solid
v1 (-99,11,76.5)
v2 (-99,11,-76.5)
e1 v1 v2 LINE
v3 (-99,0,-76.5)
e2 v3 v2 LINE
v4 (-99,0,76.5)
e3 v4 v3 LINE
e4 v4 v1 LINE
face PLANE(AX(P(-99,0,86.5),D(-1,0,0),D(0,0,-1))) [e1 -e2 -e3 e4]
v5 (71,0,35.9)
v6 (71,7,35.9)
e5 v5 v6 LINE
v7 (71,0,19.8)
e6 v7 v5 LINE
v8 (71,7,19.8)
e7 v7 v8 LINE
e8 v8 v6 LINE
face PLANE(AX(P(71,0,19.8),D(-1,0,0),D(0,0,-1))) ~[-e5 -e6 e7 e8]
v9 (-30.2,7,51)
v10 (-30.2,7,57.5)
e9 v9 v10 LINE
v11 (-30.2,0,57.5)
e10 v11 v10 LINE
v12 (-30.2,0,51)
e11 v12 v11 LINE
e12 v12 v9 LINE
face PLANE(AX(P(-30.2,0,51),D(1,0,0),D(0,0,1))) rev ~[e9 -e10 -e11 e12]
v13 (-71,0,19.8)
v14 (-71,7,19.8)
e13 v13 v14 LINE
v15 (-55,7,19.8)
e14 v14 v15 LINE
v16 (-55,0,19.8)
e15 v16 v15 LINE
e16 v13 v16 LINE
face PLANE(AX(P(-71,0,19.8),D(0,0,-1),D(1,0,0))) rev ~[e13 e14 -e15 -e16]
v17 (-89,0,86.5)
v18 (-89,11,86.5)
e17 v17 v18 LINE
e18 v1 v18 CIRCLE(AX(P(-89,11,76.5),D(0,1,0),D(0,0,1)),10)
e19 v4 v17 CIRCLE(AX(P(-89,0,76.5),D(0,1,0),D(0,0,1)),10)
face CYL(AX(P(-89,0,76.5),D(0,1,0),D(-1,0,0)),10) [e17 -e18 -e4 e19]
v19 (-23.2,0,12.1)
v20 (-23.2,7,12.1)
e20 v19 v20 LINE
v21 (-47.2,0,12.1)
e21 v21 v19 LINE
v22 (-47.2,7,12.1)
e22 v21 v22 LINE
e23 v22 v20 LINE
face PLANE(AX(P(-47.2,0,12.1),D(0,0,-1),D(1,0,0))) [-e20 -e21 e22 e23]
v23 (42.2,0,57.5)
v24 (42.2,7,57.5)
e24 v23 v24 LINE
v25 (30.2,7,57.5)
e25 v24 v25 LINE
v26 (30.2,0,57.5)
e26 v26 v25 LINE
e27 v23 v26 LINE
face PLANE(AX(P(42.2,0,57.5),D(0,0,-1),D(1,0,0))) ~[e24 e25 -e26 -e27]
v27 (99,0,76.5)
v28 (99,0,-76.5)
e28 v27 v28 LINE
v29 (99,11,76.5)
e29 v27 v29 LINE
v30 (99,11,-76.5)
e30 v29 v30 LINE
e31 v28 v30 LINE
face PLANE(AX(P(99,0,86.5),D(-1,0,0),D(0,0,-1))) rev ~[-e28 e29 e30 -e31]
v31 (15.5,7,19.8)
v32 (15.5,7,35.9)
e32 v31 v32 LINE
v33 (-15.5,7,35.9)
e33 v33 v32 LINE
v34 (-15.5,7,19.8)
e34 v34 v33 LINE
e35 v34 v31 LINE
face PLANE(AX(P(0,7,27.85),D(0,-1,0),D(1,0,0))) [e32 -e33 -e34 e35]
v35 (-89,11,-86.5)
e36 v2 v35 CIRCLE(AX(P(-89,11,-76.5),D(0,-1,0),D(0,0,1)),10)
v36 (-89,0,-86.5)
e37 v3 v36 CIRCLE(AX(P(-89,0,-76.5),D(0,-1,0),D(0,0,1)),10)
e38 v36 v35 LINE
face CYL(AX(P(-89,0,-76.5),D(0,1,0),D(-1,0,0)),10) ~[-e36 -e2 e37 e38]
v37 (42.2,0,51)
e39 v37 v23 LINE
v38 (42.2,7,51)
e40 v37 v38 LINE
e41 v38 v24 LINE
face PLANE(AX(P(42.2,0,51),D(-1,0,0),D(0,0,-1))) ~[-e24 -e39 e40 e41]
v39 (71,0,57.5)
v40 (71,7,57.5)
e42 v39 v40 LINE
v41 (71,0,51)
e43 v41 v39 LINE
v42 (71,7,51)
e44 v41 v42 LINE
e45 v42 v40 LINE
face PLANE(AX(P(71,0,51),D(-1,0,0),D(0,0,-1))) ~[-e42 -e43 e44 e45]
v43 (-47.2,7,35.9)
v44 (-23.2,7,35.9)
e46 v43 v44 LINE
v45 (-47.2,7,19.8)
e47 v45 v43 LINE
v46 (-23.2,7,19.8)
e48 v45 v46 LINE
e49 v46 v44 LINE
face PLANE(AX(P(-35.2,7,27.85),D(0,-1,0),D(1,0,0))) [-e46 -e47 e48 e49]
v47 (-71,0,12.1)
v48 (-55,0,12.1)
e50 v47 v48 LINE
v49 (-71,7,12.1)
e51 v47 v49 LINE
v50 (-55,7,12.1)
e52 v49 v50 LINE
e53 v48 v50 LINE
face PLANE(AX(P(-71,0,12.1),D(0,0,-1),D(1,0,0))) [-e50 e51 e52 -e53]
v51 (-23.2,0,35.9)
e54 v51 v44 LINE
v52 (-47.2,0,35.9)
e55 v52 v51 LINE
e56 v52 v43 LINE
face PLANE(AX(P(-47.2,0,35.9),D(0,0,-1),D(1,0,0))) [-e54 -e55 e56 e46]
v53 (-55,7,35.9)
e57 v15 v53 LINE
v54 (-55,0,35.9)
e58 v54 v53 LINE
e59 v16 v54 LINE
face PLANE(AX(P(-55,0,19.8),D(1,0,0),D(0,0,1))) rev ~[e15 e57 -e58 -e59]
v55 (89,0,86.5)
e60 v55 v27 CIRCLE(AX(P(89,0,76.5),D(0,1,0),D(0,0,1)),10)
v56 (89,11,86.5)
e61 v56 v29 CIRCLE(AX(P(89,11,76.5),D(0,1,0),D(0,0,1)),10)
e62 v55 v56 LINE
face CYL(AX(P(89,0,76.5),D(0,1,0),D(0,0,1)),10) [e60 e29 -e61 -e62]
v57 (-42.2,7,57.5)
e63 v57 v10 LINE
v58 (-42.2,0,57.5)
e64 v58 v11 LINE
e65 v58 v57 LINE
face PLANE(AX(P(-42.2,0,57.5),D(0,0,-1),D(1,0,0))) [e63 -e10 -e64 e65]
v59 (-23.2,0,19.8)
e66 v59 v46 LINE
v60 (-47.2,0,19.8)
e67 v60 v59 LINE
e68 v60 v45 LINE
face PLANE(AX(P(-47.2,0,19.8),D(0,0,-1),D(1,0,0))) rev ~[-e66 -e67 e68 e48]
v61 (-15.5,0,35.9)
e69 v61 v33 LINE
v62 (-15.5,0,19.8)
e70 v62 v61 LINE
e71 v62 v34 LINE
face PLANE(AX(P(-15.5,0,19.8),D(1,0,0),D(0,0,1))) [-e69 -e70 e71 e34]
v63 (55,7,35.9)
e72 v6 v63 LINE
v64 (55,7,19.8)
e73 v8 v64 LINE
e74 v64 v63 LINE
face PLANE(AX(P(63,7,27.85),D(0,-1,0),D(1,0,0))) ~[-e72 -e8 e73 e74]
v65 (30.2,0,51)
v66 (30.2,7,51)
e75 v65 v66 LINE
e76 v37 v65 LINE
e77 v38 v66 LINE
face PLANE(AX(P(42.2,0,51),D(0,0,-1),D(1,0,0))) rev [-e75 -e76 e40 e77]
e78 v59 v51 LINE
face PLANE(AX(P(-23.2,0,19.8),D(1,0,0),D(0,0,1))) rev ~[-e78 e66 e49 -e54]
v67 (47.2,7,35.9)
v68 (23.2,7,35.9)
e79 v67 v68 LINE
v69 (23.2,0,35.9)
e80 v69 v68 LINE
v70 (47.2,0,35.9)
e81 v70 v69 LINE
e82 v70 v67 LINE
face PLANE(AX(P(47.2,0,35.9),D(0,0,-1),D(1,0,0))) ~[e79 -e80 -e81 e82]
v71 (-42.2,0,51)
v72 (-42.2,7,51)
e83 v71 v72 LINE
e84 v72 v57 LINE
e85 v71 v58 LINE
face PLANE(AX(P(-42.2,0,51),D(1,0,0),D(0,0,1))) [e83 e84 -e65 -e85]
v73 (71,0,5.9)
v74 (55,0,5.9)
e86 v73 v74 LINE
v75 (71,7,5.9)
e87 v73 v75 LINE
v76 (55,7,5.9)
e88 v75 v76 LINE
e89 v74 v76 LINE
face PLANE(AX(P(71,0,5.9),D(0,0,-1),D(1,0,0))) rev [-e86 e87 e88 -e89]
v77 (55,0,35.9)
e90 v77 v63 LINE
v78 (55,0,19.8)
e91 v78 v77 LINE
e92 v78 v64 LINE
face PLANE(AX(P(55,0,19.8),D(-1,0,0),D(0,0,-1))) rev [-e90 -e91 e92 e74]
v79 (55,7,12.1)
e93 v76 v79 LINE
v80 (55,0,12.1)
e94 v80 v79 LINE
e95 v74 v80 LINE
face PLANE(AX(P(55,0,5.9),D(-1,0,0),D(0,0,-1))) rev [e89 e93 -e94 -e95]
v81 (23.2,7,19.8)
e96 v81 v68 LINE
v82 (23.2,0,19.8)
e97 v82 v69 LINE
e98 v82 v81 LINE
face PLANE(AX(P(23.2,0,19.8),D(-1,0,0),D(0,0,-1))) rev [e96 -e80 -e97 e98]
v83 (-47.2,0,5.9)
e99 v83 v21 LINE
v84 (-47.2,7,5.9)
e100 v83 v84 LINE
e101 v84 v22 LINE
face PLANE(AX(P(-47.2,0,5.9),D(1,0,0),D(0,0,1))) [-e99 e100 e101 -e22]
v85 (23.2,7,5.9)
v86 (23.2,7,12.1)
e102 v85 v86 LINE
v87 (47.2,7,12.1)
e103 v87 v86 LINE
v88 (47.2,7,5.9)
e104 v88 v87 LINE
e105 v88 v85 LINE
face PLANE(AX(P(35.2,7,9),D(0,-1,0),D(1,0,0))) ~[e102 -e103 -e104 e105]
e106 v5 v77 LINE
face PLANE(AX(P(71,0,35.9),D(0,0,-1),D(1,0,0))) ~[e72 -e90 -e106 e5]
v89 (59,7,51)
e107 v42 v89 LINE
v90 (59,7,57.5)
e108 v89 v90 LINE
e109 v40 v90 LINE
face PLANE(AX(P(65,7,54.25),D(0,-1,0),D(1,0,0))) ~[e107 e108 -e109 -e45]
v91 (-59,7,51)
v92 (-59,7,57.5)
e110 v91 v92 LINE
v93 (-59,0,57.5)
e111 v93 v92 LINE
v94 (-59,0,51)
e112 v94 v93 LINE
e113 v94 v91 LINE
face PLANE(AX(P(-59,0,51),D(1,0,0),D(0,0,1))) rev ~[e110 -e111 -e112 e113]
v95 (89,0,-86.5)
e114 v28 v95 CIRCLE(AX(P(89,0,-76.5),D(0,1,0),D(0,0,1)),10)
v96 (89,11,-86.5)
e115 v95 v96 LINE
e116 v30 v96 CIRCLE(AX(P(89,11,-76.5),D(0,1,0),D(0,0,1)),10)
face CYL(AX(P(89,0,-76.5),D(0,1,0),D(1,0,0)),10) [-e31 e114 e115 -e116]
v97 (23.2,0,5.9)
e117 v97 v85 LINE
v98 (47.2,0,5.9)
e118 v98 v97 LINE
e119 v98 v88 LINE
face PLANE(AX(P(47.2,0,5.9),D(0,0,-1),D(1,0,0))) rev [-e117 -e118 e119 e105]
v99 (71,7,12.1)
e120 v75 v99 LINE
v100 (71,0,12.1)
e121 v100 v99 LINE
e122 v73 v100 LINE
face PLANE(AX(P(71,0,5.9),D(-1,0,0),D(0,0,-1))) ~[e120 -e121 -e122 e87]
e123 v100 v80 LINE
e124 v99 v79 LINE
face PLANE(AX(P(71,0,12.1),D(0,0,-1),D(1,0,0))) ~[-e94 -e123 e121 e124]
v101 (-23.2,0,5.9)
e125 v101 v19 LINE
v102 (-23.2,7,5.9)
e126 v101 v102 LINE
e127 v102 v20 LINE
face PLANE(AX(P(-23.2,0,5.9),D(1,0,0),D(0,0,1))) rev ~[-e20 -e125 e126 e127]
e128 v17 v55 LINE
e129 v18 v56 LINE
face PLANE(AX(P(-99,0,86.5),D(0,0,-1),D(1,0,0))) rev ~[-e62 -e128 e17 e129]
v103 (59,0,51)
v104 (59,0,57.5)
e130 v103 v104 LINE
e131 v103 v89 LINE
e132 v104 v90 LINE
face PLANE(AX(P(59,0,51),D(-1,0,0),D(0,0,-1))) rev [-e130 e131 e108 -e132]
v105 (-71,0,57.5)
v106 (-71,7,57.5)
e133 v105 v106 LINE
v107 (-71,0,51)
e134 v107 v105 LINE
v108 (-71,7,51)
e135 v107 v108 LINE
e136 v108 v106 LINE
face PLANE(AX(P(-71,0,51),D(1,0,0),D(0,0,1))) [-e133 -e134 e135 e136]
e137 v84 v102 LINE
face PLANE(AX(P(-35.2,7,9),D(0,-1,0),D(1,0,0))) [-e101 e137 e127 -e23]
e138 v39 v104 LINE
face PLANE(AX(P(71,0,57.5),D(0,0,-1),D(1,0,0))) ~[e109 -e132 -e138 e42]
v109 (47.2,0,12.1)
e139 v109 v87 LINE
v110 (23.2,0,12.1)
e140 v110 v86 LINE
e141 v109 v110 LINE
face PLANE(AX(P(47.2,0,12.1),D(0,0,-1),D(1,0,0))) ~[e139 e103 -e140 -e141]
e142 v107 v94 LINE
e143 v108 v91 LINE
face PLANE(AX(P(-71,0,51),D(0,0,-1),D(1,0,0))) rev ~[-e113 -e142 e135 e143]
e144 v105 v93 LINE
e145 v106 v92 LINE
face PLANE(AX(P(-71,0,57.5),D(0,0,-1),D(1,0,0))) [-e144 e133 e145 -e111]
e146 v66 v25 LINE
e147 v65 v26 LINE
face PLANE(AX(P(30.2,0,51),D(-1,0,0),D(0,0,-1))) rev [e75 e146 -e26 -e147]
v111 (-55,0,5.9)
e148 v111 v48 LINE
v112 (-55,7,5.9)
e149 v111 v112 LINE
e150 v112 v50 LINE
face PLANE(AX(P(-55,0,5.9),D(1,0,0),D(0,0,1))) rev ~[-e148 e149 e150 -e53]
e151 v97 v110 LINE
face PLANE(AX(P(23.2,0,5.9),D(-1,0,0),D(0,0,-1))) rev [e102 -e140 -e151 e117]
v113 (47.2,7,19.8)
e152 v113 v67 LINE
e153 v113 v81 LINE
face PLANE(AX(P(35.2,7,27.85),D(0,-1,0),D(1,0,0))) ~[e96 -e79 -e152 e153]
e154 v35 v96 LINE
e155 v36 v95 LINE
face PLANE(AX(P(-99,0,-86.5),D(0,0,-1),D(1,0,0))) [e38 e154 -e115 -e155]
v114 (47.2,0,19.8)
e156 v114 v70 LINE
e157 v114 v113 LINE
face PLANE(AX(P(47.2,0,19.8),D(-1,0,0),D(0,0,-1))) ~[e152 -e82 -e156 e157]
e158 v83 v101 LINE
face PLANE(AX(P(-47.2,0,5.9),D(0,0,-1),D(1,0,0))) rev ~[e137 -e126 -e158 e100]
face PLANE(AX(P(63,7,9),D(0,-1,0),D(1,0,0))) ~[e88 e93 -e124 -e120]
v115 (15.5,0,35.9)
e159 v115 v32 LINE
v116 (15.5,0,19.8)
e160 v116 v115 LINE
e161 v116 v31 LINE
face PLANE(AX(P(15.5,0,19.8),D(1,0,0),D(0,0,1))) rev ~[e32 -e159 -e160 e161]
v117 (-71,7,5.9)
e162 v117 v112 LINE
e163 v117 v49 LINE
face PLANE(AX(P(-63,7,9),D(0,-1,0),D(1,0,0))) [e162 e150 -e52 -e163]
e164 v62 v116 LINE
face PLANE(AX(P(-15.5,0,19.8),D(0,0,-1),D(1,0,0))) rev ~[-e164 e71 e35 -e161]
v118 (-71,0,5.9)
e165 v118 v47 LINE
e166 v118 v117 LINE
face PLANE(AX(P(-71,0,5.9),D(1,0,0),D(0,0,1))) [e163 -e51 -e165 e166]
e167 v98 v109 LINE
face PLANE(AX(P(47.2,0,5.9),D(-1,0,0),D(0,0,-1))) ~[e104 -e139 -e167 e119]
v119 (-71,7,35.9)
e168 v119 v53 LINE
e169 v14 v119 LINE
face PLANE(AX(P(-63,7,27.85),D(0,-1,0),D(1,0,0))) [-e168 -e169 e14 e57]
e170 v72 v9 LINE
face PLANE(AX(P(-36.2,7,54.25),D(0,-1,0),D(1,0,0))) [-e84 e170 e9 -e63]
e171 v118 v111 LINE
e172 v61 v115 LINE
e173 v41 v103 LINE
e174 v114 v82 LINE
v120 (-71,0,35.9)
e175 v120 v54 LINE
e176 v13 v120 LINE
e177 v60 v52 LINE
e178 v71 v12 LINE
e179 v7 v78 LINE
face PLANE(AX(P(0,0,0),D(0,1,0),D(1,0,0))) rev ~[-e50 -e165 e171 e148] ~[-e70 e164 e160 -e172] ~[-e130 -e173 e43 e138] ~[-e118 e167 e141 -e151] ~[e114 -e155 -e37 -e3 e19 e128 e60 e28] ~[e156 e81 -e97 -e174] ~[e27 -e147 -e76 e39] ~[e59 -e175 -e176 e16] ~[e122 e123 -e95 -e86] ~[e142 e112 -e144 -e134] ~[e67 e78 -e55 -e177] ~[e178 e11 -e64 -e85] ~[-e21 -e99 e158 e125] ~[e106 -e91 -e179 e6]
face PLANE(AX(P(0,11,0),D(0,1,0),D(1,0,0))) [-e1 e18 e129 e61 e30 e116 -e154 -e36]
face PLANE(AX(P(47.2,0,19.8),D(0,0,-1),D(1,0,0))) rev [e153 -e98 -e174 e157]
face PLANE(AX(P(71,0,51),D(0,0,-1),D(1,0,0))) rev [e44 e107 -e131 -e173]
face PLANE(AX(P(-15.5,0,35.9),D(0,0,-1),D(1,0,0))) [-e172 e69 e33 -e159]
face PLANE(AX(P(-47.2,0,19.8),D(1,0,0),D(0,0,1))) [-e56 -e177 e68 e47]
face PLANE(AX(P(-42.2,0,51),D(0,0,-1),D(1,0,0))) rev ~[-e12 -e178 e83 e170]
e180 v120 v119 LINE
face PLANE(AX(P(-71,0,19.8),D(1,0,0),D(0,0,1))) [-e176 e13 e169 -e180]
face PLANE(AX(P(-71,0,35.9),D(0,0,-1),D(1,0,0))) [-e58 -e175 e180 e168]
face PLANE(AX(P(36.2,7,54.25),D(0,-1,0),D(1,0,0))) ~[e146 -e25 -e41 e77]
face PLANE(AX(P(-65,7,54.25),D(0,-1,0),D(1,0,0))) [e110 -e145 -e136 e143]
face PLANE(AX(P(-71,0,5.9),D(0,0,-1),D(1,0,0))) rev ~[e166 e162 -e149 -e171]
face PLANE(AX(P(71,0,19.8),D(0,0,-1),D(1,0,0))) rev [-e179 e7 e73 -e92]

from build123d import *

# Parameters (mm, degrees)
SKETCH1_W           = 198
SKETCH1_H           = 173
BOSS_EXTRUDE1_DEPTH = 11
FILLET1_R           = 10
SKETCH2_W           = 12
SKETCH2_H           = 6.5
SKETCH2_W_2         = 16
SKETCH2_H_2         = 16.1
SKETCH2_H_3         = 6.2
SKETCH2_W_3         = 24
SKETCH2_W_4         = 31
CUT_EXTRUDE1_DEPTH  = 7


with BuildPart() as part:
    # Sketch1 → Boss-Extrude1 (new body)
    with BuildSketch(Plane(origin=(0, 0, 0), x_dir=(1, 0, 0), z_dir=(0, 1, 0))):
        Rectangle(SKETCH1_W, SKETCH1_H)
    extrude(amount=BOSS_EXTRUDE1_DEPTH)

    # Fillet1
    fillet1_edges = [part.edges().sort_by_distance(p)[0] for p in [
        (-99, 5.5, -86.5),
        (99, 5.5, -86.5),
        (99, 5.5, 86.5),
        (-99, 5.5, 86.5),
    ]]
    fillet(fillet1_edges, radius=FILLET1_R)

    # Sketch2 → Cut-Extrude1 (cut)
    with BuildSketch(Plane.XZ):
        with Locations((-65, 54.25)):
            Rectangle(SKETCH2_W, SKETCH2_H)
        with Locations((-36.2, 54.25)):
            Rectangle(SKETCH2_W, SKETCH2_H)
        with Locations((-63, 27.85)):
            Rectangle(SKETCH2_W_2, SKETCH2_H_2)
        with Locations((-63, 9)):
            Rectangle(SKETCH2_W_2, SKETCH2_H_3)
        with Locations((-35.2, 27.85)):
            Rectangle(SKETCH2_W_3, SKETCH2_H_2)
        with Locations((-35.2, 9)):
            Rectangle(SKETCH2_W_3, SKETCH2_H_3)
        with Locations((0, 27.85)):
            Rectangle(SKETCH2_W_4, SKETCH2_H_2)
    cut_extrude1 = extrude(amount=-CUT_EXTRUDE1_DEPTH, mode=Mode.SUBTRACT)

    # Mirror1: Cut-Extrude1 across plane
    add(cut_extrude1.mirror(Plane.ZY), mode=Mode.SUBTRACT)


solid = part.part
